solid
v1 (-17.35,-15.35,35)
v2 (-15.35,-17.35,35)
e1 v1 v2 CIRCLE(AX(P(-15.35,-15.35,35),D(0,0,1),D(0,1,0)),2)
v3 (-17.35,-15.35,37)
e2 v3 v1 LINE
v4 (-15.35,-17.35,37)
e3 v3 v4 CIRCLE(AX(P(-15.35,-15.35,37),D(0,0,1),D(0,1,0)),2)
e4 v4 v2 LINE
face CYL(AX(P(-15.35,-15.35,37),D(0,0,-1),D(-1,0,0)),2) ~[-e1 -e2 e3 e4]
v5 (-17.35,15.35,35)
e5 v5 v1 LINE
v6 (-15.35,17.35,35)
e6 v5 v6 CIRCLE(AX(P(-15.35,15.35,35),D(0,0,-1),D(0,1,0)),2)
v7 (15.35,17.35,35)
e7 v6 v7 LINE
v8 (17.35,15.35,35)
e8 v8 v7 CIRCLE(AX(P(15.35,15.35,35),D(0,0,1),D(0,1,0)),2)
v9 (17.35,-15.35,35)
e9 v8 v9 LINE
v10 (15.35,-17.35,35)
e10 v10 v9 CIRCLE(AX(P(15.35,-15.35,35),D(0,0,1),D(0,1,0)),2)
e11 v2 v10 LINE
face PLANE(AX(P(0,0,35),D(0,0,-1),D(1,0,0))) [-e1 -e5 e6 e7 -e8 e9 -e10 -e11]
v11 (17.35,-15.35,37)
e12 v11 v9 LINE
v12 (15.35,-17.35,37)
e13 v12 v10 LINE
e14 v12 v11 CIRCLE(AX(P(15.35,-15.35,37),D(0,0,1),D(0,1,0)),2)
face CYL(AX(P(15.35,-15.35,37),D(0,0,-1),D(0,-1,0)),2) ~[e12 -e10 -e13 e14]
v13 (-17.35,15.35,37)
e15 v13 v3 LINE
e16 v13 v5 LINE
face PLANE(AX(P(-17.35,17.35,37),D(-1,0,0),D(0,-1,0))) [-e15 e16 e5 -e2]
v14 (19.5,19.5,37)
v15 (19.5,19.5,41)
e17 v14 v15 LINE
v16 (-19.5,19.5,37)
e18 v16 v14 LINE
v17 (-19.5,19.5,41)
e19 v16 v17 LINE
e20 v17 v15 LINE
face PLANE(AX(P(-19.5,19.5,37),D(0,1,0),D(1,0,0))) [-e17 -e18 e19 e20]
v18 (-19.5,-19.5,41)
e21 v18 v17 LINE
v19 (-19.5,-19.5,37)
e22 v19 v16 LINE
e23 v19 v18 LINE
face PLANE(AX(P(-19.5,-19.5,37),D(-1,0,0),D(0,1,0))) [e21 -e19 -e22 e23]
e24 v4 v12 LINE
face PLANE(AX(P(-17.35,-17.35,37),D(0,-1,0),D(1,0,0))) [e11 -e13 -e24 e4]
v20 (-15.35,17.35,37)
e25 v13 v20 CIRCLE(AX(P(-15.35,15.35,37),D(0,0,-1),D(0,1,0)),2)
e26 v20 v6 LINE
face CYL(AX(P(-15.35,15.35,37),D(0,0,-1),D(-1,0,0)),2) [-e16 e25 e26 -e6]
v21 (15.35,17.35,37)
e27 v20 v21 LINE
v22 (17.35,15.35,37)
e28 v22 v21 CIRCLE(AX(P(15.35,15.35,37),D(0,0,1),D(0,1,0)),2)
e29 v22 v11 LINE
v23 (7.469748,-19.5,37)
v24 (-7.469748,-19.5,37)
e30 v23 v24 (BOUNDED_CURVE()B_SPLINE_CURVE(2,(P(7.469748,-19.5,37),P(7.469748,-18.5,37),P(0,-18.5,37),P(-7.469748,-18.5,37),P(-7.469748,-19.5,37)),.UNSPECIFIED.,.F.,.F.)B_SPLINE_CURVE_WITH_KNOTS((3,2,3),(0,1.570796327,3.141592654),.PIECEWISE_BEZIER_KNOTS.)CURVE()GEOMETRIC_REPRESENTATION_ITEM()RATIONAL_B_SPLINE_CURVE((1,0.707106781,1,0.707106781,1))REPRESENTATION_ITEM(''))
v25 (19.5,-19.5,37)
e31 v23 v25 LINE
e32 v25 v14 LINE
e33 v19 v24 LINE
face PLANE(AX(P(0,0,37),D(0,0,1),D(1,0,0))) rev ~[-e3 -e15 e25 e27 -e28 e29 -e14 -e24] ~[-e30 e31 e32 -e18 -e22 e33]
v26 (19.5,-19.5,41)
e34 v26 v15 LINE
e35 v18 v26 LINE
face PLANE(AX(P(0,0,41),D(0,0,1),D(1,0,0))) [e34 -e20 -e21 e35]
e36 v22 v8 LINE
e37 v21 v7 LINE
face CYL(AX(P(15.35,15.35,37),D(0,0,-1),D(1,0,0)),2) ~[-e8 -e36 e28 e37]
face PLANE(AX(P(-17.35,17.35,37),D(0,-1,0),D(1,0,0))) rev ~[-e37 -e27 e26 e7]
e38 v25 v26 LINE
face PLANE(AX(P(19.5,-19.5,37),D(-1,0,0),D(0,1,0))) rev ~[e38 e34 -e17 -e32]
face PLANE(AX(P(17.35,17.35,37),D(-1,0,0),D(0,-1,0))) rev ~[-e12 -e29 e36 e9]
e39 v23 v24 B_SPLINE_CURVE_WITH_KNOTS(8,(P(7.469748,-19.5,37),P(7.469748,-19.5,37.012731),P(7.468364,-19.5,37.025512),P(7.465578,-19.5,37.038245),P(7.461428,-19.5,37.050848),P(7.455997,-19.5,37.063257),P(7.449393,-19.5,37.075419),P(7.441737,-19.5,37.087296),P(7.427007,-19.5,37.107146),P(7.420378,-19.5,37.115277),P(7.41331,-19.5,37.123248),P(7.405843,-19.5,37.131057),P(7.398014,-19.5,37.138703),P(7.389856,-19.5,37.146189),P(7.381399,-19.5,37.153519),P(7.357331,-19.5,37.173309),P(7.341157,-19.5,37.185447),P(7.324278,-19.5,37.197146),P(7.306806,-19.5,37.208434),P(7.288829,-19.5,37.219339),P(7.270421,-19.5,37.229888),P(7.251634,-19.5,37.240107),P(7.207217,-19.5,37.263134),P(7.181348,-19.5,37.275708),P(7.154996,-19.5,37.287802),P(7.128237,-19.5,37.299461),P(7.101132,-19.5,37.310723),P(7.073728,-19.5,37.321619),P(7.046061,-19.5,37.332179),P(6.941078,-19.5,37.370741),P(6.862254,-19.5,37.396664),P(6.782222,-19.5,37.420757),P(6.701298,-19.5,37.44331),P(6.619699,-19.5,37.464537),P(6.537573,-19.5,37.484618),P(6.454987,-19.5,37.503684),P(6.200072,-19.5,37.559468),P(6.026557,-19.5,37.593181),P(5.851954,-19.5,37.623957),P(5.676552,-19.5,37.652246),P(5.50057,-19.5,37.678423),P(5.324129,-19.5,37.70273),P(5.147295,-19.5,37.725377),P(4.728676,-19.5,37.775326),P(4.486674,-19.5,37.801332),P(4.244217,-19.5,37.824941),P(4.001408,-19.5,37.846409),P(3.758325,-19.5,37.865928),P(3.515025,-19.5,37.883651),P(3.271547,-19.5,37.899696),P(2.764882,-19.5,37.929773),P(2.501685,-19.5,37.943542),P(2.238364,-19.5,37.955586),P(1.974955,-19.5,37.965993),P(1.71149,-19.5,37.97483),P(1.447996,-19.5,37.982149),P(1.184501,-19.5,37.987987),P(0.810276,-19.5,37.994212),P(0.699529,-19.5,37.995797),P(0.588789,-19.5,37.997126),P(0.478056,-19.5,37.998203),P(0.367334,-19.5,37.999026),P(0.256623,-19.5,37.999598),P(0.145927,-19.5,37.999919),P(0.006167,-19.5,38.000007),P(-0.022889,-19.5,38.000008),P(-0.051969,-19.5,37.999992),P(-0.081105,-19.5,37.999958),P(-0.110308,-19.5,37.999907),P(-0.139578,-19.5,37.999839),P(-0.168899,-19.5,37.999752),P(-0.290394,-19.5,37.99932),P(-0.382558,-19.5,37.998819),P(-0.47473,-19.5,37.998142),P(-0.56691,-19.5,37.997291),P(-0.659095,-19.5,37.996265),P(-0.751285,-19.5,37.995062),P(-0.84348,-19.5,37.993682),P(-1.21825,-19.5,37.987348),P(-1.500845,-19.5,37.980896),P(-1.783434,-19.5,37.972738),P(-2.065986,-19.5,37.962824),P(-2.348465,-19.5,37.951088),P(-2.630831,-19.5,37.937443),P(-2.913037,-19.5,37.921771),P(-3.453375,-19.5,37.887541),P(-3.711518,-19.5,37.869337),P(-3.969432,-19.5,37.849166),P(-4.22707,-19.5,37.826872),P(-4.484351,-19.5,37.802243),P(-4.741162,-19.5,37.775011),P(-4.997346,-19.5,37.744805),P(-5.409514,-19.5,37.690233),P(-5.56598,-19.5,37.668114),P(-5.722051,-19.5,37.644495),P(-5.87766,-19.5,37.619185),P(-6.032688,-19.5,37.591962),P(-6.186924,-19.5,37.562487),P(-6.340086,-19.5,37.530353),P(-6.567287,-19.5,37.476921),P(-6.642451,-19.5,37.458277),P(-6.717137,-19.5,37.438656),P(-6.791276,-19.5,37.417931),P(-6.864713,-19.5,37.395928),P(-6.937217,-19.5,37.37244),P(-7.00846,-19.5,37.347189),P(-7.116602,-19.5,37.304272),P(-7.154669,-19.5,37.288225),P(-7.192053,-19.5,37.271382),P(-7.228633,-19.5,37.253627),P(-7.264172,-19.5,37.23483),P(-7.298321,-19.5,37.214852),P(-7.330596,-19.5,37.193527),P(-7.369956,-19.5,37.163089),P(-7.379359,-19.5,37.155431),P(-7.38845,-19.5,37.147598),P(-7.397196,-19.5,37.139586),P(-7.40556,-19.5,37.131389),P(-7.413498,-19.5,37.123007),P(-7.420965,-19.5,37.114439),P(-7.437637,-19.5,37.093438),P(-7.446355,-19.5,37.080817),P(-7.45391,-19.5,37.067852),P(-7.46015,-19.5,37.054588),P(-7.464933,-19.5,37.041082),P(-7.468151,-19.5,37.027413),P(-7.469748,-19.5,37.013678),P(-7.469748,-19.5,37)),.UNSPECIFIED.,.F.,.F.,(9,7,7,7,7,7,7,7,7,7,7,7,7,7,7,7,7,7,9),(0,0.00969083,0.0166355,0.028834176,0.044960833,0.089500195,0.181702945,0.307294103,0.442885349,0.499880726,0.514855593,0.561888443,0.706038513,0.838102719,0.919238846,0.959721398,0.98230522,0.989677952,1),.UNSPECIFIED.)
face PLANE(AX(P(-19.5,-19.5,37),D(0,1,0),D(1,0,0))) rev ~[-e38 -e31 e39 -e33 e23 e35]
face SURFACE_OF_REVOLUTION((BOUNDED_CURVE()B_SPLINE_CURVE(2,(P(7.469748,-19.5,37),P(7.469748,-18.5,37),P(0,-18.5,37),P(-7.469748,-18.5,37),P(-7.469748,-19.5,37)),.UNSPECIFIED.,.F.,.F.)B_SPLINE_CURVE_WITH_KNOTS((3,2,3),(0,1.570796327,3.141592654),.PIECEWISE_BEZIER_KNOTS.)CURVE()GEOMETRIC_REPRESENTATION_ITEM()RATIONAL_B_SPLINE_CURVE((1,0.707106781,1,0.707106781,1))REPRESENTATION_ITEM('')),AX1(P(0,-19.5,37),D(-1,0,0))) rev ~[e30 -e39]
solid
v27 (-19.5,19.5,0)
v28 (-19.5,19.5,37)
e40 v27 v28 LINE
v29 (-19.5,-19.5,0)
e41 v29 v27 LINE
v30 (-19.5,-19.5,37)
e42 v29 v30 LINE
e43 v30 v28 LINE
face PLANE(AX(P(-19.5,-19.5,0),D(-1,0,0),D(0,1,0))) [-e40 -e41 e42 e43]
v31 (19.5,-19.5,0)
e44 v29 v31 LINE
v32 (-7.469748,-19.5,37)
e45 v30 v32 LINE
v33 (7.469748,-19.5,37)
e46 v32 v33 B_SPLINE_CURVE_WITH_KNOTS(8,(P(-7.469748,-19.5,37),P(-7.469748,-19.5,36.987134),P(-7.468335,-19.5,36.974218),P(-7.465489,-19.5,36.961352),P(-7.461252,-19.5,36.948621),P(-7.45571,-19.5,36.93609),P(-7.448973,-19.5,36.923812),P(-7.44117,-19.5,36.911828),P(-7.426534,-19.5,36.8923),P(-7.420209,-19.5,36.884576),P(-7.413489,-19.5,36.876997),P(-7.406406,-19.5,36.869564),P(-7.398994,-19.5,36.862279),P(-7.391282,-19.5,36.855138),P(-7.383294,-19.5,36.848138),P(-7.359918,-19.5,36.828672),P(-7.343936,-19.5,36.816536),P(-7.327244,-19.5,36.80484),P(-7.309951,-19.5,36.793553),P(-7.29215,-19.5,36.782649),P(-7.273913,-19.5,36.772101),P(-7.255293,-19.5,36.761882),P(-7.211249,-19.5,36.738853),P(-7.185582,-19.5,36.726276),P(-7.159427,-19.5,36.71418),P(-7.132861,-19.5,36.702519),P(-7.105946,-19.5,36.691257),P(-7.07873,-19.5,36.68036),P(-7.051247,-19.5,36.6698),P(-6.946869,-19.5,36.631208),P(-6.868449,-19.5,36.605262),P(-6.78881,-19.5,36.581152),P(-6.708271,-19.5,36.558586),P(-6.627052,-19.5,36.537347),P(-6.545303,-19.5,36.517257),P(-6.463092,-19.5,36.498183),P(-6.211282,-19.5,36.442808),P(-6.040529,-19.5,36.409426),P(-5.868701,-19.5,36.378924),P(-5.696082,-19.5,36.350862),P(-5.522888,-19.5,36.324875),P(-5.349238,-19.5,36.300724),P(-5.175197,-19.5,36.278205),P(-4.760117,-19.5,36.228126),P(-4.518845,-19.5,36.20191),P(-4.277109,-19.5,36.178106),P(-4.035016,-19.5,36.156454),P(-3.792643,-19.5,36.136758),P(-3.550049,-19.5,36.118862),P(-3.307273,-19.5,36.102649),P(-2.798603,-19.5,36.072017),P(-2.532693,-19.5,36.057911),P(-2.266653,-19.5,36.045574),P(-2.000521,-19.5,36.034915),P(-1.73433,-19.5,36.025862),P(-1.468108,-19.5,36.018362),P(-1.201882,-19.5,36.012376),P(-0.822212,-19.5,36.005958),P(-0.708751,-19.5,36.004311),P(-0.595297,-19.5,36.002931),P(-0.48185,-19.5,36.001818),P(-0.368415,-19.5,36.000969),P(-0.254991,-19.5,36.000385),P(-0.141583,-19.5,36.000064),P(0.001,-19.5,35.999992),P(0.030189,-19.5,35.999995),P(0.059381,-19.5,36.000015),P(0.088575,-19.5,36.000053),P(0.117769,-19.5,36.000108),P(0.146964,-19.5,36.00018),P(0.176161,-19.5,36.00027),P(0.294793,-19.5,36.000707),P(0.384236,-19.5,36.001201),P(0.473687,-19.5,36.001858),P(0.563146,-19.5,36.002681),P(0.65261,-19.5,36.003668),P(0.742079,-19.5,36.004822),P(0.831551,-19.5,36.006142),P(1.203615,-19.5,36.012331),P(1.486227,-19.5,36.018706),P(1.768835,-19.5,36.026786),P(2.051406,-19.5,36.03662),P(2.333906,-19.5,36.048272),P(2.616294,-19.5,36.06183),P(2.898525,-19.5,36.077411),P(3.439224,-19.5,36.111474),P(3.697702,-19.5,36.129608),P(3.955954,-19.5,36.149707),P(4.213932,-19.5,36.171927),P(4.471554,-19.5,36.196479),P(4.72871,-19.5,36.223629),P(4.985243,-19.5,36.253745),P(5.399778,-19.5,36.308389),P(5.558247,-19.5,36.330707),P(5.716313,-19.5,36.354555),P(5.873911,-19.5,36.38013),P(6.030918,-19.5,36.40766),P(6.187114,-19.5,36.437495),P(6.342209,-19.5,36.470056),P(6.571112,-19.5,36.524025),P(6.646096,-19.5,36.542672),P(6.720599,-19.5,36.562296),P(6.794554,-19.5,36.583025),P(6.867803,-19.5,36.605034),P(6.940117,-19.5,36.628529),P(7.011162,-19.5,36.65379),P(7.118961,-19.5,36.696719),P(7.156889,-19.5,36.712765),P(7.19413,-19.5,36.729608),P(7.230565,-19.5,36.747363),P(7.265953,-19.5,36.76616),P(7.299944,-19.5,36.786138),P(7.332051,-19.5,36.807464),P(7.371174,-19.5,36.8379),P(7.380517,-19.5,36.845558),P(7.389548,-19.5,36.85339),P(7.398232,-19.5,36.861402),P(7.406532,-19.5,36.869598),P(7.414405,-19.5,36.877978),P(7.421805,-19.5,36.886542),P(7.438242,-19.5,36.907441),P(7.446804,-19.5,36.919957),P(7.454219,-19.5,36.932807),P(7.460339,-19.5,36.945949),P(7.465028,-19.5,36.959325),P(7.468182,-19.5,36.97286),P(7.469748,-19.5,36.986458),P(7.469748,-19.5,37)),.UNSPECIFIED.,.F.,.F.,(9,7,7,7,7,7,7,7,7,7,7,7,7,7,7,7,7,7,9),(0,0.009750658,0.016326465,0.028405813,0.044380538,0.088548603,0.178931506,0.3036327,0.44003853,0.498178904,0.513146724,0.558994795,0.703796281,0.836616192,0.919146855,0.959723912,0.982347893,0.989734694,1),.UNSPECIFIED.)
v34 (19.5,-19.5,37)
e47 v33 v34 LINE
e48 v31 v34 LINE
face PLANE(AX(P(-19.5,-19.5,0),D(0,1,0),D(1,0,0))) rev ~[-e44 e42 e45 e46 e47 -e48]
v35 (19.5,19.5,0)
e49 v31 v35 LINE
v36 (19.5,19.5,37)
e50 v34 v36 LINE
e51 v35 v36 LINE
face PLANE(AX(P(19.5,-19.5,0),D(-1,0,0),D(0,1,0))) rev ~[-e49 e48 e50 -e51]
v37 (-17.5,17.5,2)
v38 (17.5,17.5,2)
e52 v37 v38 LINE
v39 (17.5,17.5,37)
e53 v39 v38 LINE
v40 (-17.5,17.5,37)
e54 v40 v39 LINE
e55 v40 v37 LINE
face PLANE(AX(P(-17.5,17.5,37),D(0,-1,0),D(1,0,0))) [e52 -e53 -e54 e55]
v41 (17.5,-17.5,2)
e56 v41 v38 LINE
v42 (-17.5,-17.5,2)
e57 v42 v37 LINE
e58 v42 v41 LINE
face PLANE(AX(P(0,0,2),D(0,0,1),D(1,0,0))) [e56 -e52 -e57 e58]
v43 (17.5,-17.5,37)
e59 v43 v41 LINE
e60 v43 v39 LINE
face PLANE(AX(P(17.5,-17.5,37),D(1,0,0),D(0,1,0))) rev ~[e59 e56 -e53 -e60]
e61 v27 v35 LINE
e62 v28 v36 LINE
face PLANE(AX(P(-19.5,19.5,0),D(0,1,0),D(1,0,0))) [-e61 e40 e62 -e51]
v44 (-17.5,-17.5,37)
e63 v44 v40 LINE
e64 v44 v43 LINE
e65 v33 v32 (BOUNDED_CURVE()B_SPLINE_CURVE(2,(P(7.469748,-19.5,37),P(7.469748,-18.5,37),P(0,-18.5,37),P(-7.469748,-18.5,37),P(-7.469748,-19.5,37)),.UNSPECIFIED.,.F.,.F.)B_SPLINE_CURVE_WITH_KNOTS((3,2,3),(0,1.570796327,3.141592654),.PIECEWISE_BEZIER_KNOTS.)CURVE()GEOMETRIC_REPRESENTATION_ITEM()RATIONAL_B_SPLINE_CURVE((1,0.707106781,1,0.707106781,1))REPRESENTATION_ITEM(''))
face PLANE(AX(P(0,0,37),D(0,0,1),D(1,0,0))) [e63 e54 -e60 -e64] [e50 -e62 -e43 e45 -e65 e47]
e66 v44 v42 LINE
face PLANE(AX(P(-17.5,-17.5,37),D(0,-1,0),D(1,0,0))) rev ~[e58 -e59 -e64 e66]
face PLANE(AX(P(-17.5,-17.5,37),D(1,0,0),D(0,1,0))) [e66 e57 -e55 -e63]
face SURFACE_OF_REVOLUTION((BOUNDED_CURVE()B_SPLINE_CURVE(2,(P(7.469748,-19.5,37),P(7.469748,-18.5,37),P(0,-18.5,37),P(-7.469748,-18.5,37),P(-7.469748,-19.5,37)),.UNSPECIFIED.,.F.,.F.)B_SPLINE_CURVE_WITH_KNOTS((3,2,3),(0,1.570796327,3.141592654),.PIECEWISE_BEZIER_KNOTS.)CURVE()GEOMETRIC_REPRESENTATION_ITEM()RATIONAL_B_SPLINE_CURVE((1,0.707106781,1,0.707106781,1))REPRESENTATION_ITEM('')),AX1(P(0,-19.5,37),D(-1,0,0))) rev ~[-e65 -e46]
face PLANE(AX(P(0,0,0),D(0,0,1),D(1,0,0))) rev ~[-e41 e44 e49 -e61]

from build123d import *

# Parameters (mm, degrees)
F0_W     = 39
F0_H     = 39
F1_DEPTH = 37
F2_W     = 35
F2_H     = 35
F3_DEPTH = 35
F4_W     = 39
F4_H     = 39
F5_DEPTH = 4
F6_W     = 34.7
F6_H     = 34.7
F7_DEPTH = 2
F8_R     = 2


with BuildPart() as f1:
    # F0 (on Top) → F1 (new body)
    with BuildSketch(Plane.XY):
        Rectangle(F0_W, F0_H)
    extrude(amount=F1_DEPTH)

    # F2 (on face) → F3 (cut)
    with BuildSketch(Plane.XY.offset(37)):
        Rectangle(F2_W, F2_H)
    extrude(amount=-F3_DEPTH, mode=Mode.SUBTRACT)


with BuildPart() as f5:
    # F4 (on face) → F5 (new body)
    with BuildSketch(Plane.XY.offset(37)):
        Rectangle(F4_W, F4_H)
    extrude(amount=F5_DEPTH)

    # F6 (on face) → F7 (join)
    with BuildSketch(Plane(origin=(0, 0, 37), x_dir=(1, 0, 0), z_dir=(0, 0, -1))):
        Rectangle(F6_W, F6_H)
    extrude(amount=F7_DEPTH)

    # F8
    f8_edges = [f5.edges().sort_by_distance(p)[0] for p in [
        (-17.35, -17.35, 36),
        (17.35, -17.35, 36),
        (-17.35, 17.35, 36),
        (17.35, 17.35, 36),
    ]]
    fillet(f8_edges, radius=F8_R)


with BuildPart() as f10:
    # F9 (on face) → F10 (revolve)
    with BuildSketch(Plane.XY.offset(37)):
        with BuildLine():
            Line((-7.4697477275, -19.5), (7.4697477275, -19.5))
            add(Edge.make_bspline(
                [(7.4697477275, -19.5), (7.4697477275, -18.5), (0, -18.5), (-7.4697477275, -18.5), (-7.4697477275, -19.5)],
                knots=[0, 0, 0, 1.5707963268, 1.5707963268, 3.1415926536, 3.1415926536, 3.1415926536], degree=2, weights=[1, 0.7071067812, 1, 0.7071067812, 1]))
        make_face()
    revolve(axis=Axis((0, -19.5, 37), (-1, 0, 0)))


with BuildPart() as f5_1:
    add(f5.part)

    # F11: cut F10
    add(f10.part, mode=Mode.SUBTRACT)


with BuildPart() as f1_1:
    add(f1.part)

    # F11: cut F10
    add(f10.part, mode=Mode.SUBTRACT)


solid = Compound([f5_1.part, f1_1.part])
